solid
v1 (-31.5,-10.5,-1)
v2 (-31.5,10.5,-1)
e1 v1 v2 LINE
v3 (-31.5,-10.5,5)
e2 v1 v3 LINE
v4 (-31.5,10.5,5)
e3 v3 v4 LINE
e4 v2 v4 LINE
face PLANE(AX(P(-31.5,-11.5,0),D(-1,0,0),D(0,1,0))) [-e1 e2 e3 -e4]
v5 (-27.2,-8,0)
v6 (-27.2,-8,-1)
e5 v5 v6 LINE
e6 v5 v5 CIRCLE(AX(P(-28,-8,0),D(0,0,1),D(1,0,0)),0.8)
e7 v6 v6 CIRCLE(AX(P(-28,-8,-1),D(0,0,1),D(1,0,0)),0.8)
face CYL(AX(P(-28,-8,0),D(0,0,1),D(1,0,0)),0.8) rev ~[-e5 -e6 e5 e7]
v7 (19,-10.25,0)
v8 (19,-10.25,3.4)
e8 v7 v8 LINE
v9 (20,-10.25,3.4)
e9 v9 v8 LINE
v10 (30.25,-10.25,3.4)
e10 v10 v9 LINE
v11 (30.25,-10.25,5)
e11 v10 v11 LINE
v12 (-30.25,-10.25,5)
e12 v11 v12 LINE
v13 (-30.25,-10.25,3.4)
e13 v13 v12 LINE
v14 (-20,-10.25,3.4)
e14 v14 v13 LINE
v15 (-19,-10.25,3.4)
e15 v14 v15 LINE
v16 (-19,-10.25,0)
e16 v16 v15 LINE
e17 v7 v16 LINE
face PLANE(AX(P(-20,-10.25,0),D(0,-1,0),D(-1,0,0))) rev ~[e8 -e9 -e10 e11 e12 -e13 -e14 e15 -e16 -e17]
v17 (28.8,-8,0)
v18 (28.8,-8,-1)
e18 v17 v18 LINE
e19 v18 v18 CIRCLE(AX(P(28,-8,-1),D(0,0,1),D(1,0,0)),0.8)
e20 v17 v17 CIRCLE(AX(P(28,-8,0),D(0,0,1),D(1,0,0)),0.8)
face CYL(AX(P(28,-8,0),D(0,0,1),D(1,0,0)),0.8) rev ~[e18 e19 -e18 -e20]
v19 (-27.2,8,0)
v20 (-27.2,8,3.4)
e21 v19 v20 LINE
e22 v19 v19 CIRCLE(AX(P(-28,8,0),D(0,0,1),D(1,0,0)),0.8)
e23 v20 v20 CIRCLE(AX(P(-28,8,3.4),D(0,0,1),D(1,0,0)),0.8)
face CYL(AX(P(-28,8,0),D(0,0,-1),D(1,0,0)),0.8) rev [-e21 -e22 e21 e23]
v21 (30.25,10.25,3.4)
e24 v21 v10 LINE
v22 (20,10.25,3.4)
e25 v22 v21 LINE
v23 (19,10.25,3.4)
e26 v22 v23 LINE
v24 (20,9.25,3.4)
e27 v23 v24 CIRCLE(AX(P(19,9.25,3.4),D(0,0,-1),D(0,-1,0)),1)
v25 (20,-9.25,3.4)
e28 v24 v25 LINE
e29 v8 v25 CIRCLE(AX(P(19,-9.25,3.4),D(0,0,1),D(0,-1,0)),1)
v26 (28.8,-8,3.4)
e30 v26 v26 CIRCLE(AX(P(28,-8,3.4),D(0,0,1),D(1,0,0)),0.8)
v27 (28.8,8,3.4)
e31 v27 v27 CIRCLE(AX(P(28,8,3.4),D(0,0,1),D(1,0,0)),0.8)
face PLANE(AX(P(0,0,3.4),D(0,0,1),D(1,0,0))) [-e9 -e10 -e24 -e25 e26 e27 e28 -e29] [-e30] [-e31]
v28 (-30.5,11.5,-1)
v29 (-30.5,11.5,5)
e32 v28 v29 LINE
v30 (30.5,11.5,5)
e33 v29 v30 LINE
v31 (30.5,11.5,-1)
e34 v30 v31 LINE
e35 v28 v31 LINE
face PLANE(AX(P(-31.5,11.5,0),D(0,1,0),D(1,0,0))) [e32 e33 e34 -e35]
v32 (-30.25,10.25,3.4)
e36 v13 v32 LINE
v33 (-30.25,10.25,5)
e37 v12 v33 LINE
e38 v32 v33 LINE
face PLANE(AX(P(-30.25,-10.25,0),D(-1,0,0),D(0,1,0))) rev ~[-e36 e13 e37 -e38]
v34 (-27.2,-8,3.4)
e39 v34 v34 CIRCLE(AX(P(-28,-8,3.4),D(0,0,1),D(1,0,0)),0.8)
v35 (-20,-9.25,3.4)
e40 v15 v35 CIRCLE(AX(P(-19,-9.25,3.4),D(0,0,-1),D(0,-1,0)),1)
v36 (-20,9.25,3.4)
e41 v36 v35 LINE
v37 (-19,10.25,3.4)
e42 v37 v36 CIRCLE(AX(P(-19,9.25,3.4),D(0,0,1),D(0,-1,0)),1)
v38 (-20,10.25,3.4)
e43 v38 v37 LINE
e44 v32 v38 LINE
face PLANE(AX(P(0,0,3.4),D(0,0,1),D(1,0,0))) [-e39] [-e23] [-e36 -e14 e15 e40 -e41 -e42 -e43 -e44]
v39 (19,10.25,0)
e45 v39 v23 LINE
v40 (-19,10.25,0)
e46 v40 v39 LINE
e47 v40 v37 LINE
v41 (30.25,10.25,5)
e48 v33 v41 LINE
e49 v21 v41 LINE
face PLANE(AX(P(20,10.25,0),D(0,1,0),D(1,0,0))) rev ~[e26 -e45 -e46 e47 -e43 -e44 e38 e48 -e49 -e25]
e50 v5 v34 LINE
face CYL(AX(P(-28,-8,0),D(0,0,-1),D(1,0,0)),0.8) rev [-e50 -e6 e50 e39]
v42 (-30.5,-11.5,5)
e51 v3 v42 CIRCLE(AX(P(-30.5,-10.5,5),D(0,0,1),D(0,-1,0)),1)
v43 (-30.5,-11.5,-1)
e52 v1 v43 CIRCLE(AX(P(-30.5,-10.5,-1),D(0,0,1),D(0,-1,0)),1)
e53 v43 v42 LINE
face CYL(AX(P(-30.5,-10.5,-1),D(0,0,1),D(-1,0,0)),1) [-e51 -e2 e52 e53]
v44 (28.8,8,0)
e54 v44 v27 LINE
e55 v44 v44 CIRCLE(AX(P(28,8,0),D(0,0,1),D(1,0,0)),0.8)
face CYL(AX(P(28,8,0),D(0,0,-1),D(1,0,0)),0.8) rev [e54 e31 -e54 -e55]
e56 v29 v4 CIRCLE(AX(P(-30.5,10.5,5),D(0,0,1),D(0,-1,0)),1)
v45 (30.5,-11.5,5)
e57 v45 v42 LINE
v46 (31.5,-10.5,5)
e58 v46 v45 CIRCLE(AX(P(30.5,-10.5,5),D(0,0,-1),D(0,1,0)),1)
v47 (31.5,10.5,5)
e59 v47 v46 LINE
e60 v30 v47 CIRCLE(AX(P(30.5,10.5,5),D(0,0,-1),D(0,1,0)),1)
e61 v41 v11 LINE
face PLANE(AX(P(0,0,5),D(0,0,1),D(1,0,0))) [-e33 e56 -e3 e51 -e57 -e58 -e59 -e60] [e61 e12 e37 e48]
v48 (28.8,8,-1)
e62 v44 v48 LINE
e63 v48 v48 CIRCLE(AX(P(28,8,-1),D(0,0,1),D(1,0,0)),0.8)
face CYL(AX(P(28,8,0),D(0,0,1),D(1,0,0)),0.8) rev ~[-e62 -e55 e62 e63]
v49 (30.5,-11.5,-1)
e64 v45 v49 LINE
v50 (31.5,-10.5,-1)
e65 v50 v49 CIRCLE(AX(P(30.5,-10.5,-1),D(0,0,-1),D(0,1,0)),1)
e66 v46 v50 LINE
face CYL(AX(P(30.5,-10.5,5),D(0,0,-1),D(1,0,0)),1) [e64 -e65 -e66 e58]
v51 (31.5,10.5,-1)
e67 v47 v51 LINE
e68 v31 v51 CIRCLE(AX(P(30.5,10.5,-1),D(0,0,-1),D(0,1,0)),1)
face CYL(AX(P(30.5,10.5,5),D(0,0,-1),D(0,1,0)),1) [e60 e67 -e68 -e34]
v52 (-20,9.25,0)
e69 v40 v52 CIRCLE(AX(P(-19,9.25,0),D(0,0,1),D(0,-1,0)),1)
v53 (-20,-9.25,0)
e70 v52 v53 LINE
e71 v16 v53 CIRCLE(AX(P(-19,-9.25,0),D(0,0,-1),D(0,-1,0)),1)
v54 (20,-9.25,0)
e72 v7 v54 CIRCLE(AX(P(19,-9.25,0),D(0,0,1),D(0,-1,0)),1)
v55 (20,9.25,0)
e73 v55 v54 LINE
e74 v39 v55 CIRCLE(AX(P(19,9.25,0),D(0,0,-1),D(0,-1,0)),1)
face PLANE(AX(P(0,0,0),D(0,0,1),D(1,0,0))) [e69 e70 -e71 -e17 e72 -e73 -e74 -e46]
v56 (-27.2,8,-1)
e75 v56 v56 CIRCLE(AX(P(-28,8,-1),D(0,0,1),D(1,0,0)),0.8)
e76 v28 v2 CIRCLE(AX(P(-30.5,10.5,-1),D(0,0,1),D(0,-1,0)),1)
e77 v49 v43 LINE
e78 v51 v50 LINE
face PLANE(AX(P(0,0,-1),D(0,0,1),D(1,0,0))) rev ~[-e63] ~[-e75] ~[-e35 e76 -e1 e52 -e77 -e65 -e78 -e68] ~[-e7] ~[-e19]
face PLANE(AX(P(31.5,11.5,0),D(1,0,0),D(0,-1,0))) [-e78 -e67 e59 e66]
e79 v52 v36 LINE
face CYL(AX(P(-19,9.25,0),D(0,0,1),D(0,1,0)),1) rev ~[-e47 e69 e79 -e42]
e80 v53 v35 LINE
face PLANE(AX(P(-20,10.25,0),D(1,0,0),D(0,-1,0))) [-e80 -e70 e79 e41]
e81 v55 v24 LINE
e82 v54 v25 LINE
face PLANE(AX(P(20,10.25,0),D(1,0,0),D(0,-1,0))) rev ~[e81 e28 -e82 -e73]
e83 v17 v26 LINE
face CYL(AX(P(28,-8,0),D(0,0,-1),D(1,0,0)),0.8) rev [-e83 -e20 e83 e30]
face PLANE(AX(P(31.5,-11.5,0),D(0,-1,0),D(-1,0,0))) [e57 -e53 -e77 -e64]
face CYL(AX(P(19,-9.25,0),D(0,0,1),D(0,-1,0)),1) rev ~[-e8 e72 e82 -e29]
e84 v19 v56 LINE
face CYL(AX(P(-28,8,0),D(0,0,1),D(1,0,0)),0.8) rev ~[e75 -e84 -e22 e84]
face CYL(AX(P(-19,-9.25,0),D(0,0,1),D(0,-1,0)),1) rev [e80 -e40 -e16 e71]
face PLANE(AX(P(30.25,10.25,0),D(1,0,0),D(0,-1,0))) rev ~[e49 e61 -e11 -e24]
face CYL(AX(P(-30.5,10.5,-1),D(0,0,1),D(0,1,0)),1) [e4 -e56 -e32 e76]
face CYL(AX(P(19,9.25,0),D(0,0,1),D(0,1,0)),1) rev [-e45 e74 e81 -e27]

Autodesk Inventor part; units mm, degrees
ref_plane "YZ Plane" through (0, 0, 0) normal (1, 0, 0) x (0, 1, 0)
ref_plane "XZ Plane" through (0, 0, 0) normal (0, 1, 0) x (-1, 0, 0)
ref_plane "XY Plane" through (0, 0, 0) normal (0, 0, 1) x (1, 0, 0)
sketch "スケッチ1" plane through (0, 0, 0) normal (0, 0, 1) x (1, 0, 0)
  line L0 (-31.5, 11.5) -> (31.5, 11.5)
  line L1 (31.5, 11.5) -> (31.5, -11.5)
  line L2 (31.5, -11.5) -> (-31.5, -11.5)
  line L3 (-31.5, -11.5) -> (-31.5, 11.5)
  line L4 (-31.5, 11.5) -> (31.5, -11.5) construction
  line L5 (31.5, 11.5) -> (-31.5, -11.5) construction
  line L6 (-30, 10) -> (30, 10) construction
  line L7 (30, 10) -> (30, -10) construction
  line L8 (30, -10) -> (-30, -10) construction
  line L9 (-30, -10) -> (-30, 10) construction
  line L10 (-30, 10) -> (30, -10) construction
  line L11 (30, 10) -> (-30, -10) construction
  circle A0 centre (-28, 8) radius 0.8
  line L12 (-31.5, 0) -> (31.5, 0) construction
  line L13 (0, 11.5) -> (0, -11.5) construction
  circle A1 centre (-28, -8) radius 0.8
  circle A2 centre (28, 8) radius 0.8
  circle A3 centre (28, -8) radius 0.8
  line L14 (-30.25, 10.25) -> (30.25, 10.25)
  line L15 (30.25, 10.25) -> (30.25, -10.25)
  line L16 (30.25, -10.25) -> (-30.25, -10.25)
  line L17 (-30.25, -10.25) -> (-30.25, 10.25)
  line L18 (-30.25, 10.25) -> (30.25, -10.25) construction
  line L19 (30.25, 10.25) -> (-30.25, -10.25) construction
  line L20 (-20, 10.25) -> (-20, -10.25)
  line L21 (20, 10.25) -> (20, -10.25)
  point P0 (0, 0)
  point P1 (0, 0)
  point P2 (20, -10.25)
  dimension "d0" = 63
  dimension "d1" = 60
  dimension "d2" = 20
  dimension "d3" = 23
  dimension "d4" = 1.6
  dimension "d5" = 2
  dimension "d6" = 2
  dimension "d7" = 20.5
  dimension "d8" = 60.5
  dimension "d13" = 10
extrude "押し出し1" add sketch "スケッチ1" against normal blind 1 contours L0 L1 L2 L3 | L14 L20 L16 L17 | L14 L21 L16 L20 | L14 L15 L16 L21
extrude "押し出し2" add sketch "スケッチ1" along normal blind 5 contours L0 L1 L2 L3
extrude "押し出し3" add sketch "スケッチ1" along normal blind 3.4 contours L14 L20 L16 L17 | L14 L15 L16 L21
fillet "フィレット1" radius 1 8 edges at (-31.5, -11.5, 2) (-31.5, 11.5, 2) (-20, 10.25, 1.7) (-20, -10.25, 1.7) (20, -10.25, 1.7) (20, 10.25, 1.7) (31.5, -11.5, 2) (31.5, 11.5, 2)
equation "\"d6\" = d5"
properties part number "StartStopSwitch_cover_01" material "アセタール樹脂、黒"
